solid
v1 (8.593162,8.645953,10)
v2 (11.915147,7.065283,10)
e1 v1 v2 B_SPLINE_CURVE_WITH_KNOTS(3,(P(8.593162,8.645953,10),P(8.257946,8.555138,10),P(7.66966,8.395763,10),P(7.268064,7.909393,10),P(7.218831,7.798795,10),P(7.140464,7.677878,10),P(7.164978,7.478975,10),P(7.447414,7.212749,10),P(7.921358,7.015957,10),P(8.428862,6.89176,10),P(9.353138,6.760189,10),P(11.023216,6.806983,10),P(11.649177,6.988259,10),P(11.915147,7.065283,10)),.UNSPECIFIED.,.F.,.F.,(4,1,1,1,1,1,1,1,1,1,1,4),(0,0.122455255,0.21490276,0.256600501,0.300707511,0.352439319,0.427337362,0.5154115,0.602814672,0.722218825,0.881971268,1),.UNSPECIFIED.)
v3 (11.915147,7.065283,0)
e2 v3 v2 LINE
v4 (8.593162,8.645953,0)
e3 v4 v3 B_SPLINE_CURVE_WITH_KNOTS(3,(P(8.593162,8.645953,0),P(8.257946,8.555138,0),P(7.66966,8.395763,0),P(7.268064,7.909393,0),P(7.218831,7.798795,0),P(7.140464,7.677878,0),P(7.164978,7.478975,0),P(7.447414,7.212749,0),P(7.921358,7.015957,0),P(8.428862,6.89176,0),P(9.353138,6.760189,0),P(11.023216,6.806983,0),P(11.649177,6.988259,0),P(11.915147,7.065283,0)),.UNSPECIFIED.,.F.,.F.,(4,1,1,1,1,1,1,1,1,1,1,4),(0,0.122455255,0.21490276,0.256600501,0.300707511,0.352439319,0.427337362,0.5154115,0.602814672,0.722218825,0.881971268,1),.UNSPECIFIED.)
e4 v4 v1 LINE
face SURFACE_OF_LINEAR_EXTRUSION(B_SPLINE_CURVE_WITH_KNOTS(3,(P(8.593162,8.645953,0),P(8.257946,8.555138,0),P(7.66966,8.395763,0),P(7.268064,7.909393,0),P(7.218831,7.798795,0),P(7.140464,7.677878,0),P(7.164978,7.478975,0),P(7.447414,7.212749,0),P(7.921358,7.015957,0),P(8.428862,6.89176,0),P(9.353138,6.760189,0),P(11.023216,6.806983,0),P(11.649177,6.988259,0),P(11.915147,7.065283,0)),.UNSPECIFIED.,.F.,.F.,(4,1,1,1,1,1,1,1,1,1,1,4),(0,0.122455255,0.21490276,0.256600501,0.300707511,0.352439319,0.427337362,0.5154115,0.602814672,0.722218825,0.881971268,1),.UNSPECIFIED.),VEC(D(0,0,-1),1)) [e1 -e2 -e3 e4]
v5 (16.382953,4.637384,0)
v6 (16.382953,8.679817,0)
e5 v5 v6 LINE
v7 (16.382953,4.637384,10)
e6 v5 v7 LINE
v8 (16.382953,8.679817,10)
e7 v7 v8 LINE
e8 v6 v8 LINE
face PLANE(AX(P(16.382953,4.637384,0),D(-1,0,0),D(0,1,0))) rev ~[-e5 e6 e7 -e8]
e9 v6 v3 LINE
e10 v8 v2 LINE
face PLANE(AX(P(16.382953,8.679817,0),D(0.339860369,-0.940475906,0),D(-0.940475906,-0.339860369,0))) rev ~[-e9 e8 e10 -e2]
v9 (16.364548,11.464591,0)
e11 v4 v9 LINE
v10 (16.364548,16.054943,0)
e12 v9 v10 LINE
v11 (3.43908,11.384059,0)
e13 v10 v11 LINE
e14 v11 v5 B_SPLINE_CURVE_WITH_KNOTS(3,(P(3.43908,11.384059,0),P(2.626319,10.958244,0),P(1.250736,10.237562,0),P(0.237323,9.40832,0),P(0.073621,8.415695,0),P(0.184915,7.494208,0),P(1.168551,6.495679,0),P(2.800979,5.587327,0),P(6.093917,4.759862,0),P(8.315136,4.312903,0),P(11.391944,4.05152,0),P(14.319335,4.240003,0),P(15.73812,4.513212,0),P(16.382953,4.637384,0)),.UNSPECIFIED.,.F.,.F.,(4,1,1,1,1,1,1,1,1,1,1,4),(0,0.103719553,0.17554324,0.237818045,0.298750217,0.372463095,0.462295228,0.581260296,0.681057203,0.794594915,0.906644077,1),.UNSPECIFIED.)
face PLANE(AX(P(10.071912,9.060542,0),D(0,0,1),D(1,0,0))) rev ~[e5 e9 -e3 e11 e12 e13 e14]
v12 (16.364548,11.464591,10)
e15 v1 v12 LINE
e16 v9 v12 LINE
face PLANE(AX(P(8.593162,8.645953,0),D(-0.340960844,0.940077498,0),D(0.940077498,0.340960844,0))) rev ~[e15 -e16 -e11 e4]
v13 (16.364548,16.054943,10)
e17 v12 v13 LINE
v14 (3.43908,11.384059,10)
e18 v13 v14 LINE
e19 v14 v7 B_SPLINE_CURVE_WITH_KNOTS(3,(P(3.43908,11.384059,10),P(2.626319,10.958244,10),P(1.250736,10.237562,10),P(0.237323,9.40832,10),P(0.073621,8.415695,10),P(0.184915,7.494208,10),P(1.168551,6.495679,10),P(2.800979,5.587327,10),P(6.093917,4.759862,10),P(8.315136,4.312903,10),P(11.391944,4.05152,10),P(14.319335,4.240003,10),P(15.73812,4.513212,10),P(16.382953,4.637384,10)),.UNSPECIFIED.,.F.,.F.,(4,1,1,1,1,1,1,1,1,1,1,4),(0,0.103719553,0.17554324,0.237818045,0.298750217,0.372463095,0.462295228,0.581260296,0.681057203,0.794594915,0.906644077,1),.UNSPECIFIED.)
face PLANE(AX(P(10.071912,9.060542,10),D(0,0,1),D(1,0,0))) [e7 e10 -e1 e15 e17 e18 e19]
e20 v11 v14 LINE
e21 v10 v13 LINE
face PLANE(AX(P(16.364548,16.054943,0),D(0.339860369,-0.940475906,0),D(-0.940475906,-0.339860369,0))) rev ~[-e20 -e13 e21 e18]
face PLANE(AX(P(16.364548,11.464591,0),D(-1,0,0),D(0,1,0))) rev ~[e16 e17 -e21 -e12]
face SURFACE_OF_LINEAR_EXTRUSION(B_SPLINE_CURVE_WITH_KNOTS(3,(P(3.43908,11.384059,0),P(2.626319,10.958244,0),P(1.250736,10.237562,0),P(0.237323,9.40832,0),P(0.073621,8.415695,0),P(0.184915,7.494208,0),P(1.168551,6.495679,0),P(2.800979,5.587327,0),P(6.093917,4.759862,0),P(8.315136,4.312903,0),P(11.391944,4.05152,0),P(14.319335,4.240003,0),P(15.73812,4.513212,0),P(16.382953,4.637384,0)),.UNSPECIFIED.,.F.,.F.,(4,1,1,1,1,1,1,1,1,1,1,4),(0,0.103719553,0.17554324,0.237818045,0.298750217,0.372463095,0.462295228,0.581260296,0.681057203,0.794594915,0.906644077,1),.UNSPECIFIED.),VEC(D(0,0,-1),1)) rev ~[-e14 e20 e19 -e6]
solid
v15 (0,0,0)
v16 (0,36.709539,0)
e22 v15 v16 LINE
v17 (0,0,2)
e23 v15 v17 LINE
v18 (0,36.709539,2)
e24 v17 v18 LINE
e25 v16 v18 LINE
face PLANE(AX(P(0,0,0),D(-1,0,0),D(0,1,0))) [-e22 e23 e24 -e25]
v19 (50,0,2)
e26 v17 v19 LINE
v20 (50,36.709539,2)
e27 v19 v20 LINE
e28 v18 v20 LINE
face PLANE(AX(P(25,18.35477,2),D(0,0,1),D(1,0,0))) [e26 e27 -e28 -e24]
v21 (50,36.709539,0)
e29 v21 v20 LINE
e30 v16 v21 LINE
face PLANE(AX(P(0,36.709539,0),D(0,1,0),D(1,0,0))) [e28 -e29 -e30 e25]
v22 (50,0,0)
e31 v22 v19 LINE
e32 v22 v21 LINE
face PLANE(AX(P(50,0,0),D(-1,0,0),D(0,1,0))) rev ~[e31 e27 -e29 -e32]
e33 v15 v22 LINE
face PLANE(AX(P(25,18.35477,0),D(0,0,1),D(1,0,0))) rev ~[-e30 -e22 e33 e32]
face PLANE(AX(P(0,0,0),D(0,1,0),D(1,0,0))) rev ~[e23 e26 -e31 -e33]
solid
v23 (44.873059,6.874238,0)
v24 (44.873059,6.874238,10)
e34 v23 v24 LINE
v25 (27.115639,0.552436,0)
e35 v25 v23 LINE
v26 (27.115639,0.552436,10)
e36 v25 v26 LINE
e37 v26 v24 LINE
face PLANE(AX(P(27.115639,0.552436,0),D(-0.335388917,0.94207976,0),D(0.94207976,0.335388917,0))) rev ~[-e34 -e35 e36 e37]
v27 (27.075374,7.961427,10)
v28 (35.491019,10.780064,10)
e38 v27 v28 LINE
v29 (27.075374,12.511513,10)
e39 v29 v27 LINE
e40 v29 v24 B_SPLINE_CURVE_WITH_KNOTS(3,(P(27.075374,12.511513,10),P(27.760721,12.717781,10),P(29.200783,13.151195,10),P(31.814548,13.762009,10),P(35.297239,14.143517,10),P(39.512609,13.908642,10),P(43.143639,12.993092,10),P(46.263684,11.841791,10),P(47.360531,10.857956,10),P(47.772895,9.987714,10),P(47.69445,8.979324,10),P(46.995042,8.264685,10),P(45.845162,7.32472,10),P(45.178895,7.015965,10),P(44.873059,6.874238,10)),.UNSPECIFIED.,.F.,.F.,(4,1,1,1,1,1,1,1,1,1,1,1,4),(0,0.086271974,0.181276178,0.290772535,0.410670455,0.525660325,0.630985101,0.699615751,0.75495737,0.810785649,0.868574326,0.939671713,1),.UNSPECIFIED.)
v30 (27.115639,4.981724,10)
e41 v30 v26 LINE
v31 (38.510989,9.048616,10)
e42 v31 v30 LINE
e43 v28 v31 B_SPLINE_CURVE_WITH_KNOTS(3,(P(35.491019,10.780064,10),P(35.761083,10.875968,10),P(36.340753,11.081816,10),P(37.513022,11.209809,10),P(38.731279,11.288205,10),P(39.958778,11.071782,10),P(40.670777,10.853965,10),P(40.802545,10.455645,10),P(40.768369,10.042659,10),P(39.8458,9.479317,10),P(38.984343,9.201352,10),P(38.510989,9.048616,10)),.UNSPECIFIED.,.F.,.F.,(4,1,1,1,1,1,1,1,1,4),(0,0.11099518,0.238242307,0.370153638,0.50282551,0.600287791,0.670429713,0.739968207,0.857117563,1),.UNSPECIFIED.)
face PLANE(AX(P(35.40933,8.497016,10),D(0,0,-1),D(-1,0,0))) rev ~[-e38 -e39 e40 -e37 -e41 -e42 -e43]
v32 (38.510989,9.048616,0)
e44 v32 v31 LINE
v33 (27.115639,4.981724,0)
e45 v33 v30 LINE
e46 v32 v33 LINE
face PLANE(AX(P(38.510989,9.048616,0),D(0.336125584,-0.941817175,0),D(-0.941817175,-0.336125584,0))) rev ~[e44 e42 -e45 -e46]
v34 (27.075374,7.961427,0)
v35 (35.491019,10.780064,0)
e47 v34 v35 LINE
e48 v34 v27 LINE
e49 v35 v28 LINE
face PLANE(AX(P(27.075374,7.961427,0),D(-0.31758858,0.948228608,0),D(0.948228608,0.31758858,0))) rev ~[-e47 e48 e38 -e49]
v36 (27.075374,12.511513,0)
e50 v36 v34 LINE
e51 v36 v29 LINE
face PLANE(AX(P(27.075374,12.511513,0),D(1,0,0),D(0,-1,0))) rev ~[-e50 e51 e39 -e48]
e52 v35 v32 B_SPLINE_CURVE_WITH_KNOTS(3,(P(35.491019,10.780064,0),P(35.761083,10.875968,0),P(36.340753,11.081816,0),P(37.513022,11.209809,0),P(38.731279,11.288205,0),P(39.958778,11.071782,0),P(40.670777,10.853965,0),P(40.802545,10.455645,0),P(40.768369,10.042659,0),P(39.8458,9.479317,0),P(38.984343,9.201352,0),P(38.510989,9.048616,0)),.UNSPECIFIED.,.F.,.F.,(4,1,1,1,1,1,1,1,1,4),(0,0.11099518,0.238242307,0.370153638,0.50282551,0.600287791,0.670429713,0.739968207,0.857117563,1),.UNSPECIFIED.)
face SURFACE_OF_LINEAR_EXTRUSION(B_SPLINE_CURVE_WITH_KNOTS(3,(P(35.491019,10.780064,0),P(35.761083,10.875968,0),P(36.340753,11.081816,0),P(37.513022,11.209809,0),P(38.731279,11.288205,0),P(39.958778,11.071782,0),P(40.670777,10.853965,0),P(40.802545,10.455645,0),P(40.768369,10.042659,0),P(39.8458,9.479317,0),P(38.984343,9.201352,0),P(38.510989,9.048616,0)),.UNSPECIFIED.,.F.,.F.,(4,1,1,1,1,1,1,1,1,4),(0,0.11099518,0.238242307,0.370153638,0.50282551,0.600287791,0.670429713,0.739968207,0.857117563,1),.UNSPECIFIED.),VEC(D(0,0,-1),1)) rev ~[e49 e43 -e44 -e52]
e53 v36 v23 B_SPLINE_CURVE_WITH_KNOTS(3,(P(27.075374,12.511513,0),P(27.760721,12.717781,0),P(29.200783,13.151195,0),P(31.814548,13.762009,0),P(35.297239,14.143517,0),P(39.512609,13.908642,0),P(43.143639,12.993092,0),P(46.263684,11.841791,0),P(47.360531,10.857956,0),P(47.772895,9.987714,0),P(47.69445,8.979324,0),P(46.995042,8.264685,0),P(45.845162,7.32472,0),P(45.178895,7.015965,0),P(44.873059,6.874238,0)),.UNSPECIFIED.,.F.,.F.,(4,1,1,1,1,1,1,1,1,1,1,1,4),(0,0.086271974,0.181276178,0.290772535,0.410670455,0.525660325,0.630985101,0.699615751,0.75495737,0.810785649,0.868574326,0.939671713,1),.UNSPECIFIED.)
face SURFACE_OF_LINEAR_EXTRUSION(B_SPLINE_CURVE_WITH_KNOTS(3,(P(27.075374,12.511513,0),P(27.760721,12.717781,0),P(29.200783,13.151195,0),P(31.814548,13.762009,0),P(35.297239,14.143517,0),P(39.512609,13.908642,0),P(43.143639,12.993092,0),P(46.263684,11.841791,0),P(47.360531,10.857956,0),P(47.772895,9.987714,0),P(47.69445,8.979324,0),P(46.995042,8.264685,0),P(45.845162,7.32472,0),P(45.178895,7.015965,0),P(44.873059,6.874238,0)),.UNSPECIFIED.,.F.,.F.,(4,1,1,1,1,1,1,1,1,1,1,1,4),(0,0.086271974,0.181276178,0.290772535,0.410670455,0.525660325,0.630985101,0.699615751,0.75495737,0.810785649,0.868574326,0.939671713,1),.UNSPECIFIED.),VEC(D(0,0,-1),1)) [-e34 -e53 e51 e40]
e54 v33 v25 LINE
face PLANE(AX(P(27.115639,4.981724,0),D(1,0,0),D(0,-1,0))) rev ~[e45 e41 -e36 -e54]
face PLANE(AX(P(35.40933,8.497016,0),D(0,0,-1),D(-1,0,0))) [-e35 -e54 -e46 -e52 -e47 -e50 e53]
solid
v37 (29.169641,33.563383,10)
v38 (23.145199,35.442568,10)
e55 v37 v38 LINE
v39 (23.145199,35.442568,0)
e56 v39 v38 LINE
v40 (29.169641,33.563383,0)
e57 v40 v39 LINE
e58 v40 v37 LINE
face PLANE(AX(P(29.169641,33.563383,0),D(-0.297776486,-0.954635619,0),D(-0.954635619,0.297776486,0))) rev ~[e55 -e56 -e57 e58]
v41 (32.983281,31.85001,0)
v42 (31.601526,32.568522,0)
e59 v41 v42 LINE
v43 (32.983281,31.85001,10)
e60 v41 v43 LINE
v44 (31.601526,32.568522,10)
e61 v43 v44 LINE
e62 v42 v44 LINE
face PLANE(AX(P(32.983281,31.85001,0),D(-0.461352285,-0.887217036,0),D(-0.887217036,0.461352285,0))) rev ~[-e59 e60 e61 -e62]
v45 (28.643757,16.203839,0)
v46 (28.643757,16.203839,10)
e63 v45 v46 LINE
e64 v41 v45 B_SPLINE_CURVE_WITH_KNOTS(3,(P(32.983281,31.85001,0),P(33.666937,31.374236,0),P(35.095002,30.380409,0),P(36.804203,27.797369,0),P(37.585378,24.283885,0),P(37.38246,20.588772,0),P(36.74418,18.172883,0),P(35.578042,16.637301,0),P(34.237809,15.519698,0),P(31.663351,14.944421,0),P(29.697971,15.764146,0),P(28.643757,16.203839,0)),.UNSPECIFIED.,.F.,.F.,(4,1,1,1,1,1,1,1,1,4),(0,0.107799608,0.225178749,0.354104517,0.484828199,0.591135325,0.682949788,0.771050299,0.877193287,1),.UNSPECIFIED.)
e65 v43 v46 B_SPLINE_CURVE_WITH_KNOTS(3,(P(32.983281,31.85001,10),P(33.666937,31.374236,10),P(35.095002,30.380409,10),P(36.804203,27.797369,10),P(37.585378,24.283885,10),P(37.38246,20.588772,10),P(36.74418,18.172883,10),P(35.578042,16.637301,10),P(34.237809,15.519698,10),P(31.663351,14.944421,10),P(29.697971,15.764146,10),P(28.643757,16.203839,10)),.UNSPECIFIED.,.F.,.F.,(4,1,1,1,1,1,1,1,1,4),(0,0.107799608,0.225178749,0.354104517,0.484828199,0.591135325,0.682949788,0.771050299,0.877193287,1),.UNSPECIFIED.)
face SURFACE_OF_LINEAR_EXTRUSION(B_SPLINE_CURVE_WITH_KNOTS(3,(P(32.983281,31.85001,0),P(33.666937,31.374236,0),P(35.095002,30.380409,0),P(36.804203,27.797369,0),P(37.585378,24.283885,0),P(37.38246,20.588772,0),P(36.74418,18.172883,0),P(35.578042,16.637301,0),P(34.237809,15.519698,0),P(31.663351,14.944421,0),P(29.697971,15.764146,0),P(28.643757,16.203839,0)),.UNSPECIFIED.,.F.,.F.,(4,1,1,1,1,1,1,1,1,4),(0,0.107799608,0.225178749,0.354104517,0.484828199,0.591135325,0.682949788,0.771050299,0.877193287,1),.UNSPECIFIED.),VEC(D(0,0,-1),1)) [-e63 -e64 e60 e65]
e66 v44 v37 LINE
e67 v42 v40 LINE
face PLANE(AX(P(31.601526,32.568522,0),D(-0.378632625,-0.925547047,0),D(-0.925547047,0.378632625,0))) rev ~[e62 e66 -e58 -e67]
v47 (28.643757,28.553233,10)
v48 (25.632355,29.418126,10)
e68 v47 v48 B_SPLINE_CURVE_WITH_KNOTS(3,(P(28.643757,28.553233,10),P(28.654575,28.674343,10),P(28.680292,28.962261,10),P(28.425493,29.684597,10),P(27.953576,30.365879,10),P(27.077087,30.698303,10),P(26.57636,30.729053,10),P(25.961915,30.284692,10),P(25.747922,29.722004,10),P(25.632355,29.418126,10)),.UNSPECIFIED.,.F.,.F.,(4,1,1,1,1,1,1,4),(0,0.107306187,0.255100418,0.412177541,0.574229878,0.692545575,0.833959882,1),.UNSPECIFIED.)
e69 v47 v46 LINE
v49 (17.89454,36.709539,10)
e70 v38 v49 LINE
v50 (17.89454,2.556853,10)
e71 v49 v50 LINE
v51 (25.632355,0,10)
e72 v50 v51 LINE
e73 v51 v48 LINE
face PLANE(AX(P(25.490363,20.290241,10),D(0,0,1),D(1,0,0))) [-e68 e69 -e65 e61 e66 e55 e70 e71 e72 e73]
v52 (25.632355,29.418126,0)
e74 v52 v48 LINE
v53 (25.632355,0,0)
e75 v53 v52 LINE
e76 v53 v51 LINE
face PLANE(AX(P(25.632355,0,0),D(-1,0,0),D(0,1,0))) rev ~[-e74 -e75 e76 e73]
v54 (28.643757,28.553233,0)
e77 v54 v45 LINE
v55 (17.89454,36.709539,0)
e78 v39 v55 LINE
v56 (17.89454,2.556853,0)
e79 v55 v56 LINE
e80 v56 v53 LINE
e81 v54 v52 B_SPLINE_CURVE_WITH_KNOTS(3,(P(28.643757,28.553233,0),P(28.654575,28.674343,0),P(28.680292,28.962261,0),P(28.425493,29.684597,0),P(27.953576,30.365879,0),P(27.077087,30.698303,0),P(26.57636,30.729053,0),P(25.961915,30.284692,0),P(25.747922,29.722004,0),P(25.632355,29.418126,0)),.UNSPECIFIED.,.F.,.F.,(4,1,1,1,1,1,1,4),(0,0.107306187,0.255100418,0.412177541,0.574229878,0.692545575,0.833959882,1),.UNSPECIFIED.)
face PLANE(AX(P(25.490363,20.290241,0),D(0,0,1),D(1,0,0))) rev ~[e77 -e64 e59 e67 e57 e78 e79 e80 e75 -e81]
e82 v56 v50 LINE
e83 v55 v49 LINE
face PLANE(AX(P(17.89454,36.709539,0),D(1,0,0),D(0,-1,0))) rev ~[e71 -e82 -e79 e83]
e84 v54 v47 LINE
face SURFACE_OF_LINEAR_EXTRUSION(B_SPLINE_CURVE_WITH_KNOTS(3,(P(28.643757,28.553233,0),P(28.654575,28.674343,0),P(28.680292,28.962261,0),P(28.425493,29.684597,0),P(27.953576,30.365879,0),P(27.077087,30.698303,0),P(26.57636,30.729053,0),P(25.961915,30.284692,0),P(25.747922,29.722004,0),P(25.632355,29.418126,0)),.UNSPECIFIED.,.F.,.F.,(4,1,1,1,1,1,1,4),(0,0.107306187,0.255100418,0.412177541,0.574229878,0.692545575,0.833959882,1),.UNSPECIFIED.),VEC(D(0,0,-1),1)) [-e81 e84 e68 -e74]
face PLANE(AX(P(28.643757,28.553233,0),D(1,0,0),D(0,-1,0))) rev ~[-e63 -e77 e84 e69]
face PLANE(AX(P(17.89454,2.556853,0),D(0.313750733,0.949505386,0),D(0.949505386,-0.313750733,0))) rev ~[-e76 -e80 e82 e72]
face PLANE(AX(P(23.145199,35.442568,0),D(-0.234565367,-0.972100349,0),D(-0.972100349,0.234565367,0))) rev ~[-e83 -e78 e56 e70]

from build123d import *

# Parameters (mm, degrees)
F1_DEPTH = 10
F2_W     = 50
F2_H     = 36.7095391211
F3_DEPTH = 2


with BuildPart() as f1:
    # F0 (on Top) → F1 (new body)
    with BuildSketch(Plane.XY):
        with BuildLine():
            Line((23.145198822, 35.4425683618), (17.8945399821, 36.7095391211))
            Line((17.8945399821, 36.7095391211), (17.8945399821, 2.5568525307))
            Line((17.8945399821, 2.5568525307), (25.6323553622, 0))
            Line((25.6323553622, 0), (25.6323553622, 29.4181257486))
            add(Edge.make_bspline(
                [(28.6437571049, 28.5532325506), (28.6545749541, 28.6743432494), (28.6802923701, 28.9622613155), (28.4254929956, 29.684596938), (27.9535761776, 30.3658785351), (27.0770871185, 30.6983034331), (26.5763598339, 30.729052907), (25.9619146503, 30.2846915439), (25.7479217692, 29.7220039856), (25.6323553622, 29.4181257486)],
                knots=[0, 0, 0, 0, 0.1073061872, 0.2551004181, 0.4121775408, 0.5742298777, 0.6925455754, 0.8339598822, 1, 1, 1, 1], degree=3))
            Line((28.6437571049, 28.5532325506), (28.6437571049, 16.2038393319))
            add(Edge.make_bspline(
                [(32.9832807183, 31.8500101566), (33.6669369624, 31.3742361451), (35.0950020592, 30.380408815), (36.8042025352, 27.797369232), (37.5853778066, 24.2838849893), (37.3824597353, 20.5887723376), (36.7441801064, 18.1728832573), (35.5780420262, 16.6373012006), (34.2378087054, 15.5196978294), (31.6633513682, 14.9444209405), (29.6979708499, 15.7641457628), (28.6437571049, 16.2038393319)],
                knots=[0, 0, 0, 0, 0.1077996083, 0.2251787494, 0.3541045173, 0.4848281988, 0.5911353252, 0.682949788, 0.7710502991, 0.8771932868, 1, 1, 1, 1], degree=3))
            Line((32.9832807183, 31.8500101566), (31.6015258431, 32.5685217977))
            Line((31.6015258431, 32.5685217977), (29.1696414351, 33.5633829236))
            Line((29.1696414351, 33.5633829236), (23.145198822, 35.4425683618))
        make_face()
    extrude(amount=F1_DEPTH)


with BuildPart() as f1b:
    # F0 (on Top) → F1, piece 2 (new body)
    with BuildSketch(Plane.XY):
        with BuildLine():
            add(Edge.make_bspline(
                [(27.075374499, 12.5115131959), (27.7607210409, 12.7177811661), (29.2007831656, 13.151195028), (31.814548219, 13.7620091087), (35.2972385999, 14.1435174048), (39.5126088992, 13.9086416183), (43.1436391346, 12.9930922239), (46.2636844791, 11.841790685), (47.3605314433, 10.8579563952), (47.7728953089, 9.9877137995), (47.694450155, 8.9793241799), (46.9950417442, 8.2646854823), (45.8451619542, 7.3247204567), (45.1788950781, 7.0159654105), (44.8730587959, 6.8742376752)],
                knots=[0, 0, 0, 0, 0.0862719737, 0.181276178, 0.2907725351, 0.4106704553, 0.5256603251, 0.6309851012, 0.6996157515, 0.7549573701, 0.8107856488, 0.868574326, 0.9396717127, 1, 1, 1, 1], degree=3))
            Line((27.075374499, 12.5115131959), (27.075374499, 7.9614268616))
            Line((27.075374499, 7.9614268616), (35.4910194874, 10.7800643891))
            add(Edge.make_bspline(
                [(35.4910194874, 10.7800643891), (35.76108316, 10.8759675501), (36.3407533038, 11.0818160399), (37.5130219341, 11.2098088816), (38.7312787994, 11.2882045343), (39.958778002, 11.0717822931), (40.6707773127, 10.8539654777), (40.8025449394, 10.4556451675), (40.7683694189, 10.0426589866), (39.8457996535, 9.4793171056), (38.9843430983, 9.2013520173), (38.5109893978, 9.0486155823)],
                knots=[0, 0, 0, 0, 0.1109951805, 0.2382423065, 0.3701536376, 0.5028255104, 0.6002877907, 0.6704297133, 0.7399682067, 0.8571175634, 1, 1, 1, 1], degree=3))
            Line((38.5109893978, 9.0486155823), (27.1156392992, 4.981723614))
            Line((27.1156392992, 4.981723614), (27.1156392992, 0.5524356966))
            Line((27.1156392992, 0.5524356966), (44.8730587959, 6.8742376752))
        make_face()
    extrude(amount=F1_DEPTH)


with BuildPart() as f1c:
    # F0 (on Top) → F1, piece 3 (new body)
    with BuildSketch(Plane.XY):
        with BuildLine():
            Line((16.3645483553, 11.4645911381), (16.3645483553, 16.0549432039))
            Line((16.3645483553, 16.0549432039), (3.4390804358, 11.3840587437))
            add(Edge.make_bspline(
                [(3.4390804358, 11.3840587437), (2.6263186112, 10.9582442241), (1.2507357067, 10.2375617857), (0.2373226624, 9.4083195602), (0.0736213145, 8.4156946782), (0.1849150341, 7.4942084911), (1.1685510699, 6.4956786208), (2.8009792371, 5.5873272621), (6.0939168275, 4.7598623775), (8.3151357087, 4.3129026395), (11.3919443413, 4.0515199625), (14.3193354073, 4.2400029354), (15.738120214, 4.5132118059), (16.3829531521, 4.6373843215)],
                knots=[0, 0, 0, 0, 0.1037195533, 0.1755432403, 0.2378180455, 0.2987502174, 0.3724630954, 0.4622952283, 0.5812602957, 0.681057203, 0.7945949151, 0.9066440775, 1, 1, 1, 1], degree=3))
            Line((16.3829531521, 4.6373843215), (16.3829531521, 8.6798174307))
            Line((16.3829531521, 8.6798174307), (11.9151469093, 7.0652834826))
            add(Edge.make_bspline(
                [(8.5931615904, 8.6459526792), (8.2579462016, 8.5551378758), (7.6696602015, 8.3957625034), (7.2680640307, 7.9093930679), (7.218831063, 7.7987948634), (7.1404644239, 7.6778778475), (7.1649777774, 7.4789751791), (7.4474141974, 7.2127491104), (7.9213575778, 7.0159568673), (8.428861503, 6.8917599097), (9.3531383476, 6.7601890735), (11.0232160459, 6.8069826444), (11.6491771424, 6.9882593359), (11.9151469093, 7.0652834826)],
                knots=[0, 0, 0, 0, 0.1224552552, 0.2149027601, 0.2566005008, 0.3007075106, 0.3524393189, 0.4273373615, 0.5154115001, 0.6028146718, 0.722218825, 0.8819712683, 1, 1, 1, 1], degree=3))
            Line((8.5931615904, 8.6459526792), (16.3645483553, 11.4645911381))
        make_face()
    extrude(amount=F1_DEPTH)


with BuildPart() as f3:
    # F2 (on Top) → F3 (new body)
    with BuildSketch(Plane.XY):
        with Locations((25, 18.3547695606)):
            Rectangle(F2_W, F2_H)
    extrude(amount=F3_DEPTH)


solid = Compound([f1.part, f1b.part, f1c.part, f3.part])
